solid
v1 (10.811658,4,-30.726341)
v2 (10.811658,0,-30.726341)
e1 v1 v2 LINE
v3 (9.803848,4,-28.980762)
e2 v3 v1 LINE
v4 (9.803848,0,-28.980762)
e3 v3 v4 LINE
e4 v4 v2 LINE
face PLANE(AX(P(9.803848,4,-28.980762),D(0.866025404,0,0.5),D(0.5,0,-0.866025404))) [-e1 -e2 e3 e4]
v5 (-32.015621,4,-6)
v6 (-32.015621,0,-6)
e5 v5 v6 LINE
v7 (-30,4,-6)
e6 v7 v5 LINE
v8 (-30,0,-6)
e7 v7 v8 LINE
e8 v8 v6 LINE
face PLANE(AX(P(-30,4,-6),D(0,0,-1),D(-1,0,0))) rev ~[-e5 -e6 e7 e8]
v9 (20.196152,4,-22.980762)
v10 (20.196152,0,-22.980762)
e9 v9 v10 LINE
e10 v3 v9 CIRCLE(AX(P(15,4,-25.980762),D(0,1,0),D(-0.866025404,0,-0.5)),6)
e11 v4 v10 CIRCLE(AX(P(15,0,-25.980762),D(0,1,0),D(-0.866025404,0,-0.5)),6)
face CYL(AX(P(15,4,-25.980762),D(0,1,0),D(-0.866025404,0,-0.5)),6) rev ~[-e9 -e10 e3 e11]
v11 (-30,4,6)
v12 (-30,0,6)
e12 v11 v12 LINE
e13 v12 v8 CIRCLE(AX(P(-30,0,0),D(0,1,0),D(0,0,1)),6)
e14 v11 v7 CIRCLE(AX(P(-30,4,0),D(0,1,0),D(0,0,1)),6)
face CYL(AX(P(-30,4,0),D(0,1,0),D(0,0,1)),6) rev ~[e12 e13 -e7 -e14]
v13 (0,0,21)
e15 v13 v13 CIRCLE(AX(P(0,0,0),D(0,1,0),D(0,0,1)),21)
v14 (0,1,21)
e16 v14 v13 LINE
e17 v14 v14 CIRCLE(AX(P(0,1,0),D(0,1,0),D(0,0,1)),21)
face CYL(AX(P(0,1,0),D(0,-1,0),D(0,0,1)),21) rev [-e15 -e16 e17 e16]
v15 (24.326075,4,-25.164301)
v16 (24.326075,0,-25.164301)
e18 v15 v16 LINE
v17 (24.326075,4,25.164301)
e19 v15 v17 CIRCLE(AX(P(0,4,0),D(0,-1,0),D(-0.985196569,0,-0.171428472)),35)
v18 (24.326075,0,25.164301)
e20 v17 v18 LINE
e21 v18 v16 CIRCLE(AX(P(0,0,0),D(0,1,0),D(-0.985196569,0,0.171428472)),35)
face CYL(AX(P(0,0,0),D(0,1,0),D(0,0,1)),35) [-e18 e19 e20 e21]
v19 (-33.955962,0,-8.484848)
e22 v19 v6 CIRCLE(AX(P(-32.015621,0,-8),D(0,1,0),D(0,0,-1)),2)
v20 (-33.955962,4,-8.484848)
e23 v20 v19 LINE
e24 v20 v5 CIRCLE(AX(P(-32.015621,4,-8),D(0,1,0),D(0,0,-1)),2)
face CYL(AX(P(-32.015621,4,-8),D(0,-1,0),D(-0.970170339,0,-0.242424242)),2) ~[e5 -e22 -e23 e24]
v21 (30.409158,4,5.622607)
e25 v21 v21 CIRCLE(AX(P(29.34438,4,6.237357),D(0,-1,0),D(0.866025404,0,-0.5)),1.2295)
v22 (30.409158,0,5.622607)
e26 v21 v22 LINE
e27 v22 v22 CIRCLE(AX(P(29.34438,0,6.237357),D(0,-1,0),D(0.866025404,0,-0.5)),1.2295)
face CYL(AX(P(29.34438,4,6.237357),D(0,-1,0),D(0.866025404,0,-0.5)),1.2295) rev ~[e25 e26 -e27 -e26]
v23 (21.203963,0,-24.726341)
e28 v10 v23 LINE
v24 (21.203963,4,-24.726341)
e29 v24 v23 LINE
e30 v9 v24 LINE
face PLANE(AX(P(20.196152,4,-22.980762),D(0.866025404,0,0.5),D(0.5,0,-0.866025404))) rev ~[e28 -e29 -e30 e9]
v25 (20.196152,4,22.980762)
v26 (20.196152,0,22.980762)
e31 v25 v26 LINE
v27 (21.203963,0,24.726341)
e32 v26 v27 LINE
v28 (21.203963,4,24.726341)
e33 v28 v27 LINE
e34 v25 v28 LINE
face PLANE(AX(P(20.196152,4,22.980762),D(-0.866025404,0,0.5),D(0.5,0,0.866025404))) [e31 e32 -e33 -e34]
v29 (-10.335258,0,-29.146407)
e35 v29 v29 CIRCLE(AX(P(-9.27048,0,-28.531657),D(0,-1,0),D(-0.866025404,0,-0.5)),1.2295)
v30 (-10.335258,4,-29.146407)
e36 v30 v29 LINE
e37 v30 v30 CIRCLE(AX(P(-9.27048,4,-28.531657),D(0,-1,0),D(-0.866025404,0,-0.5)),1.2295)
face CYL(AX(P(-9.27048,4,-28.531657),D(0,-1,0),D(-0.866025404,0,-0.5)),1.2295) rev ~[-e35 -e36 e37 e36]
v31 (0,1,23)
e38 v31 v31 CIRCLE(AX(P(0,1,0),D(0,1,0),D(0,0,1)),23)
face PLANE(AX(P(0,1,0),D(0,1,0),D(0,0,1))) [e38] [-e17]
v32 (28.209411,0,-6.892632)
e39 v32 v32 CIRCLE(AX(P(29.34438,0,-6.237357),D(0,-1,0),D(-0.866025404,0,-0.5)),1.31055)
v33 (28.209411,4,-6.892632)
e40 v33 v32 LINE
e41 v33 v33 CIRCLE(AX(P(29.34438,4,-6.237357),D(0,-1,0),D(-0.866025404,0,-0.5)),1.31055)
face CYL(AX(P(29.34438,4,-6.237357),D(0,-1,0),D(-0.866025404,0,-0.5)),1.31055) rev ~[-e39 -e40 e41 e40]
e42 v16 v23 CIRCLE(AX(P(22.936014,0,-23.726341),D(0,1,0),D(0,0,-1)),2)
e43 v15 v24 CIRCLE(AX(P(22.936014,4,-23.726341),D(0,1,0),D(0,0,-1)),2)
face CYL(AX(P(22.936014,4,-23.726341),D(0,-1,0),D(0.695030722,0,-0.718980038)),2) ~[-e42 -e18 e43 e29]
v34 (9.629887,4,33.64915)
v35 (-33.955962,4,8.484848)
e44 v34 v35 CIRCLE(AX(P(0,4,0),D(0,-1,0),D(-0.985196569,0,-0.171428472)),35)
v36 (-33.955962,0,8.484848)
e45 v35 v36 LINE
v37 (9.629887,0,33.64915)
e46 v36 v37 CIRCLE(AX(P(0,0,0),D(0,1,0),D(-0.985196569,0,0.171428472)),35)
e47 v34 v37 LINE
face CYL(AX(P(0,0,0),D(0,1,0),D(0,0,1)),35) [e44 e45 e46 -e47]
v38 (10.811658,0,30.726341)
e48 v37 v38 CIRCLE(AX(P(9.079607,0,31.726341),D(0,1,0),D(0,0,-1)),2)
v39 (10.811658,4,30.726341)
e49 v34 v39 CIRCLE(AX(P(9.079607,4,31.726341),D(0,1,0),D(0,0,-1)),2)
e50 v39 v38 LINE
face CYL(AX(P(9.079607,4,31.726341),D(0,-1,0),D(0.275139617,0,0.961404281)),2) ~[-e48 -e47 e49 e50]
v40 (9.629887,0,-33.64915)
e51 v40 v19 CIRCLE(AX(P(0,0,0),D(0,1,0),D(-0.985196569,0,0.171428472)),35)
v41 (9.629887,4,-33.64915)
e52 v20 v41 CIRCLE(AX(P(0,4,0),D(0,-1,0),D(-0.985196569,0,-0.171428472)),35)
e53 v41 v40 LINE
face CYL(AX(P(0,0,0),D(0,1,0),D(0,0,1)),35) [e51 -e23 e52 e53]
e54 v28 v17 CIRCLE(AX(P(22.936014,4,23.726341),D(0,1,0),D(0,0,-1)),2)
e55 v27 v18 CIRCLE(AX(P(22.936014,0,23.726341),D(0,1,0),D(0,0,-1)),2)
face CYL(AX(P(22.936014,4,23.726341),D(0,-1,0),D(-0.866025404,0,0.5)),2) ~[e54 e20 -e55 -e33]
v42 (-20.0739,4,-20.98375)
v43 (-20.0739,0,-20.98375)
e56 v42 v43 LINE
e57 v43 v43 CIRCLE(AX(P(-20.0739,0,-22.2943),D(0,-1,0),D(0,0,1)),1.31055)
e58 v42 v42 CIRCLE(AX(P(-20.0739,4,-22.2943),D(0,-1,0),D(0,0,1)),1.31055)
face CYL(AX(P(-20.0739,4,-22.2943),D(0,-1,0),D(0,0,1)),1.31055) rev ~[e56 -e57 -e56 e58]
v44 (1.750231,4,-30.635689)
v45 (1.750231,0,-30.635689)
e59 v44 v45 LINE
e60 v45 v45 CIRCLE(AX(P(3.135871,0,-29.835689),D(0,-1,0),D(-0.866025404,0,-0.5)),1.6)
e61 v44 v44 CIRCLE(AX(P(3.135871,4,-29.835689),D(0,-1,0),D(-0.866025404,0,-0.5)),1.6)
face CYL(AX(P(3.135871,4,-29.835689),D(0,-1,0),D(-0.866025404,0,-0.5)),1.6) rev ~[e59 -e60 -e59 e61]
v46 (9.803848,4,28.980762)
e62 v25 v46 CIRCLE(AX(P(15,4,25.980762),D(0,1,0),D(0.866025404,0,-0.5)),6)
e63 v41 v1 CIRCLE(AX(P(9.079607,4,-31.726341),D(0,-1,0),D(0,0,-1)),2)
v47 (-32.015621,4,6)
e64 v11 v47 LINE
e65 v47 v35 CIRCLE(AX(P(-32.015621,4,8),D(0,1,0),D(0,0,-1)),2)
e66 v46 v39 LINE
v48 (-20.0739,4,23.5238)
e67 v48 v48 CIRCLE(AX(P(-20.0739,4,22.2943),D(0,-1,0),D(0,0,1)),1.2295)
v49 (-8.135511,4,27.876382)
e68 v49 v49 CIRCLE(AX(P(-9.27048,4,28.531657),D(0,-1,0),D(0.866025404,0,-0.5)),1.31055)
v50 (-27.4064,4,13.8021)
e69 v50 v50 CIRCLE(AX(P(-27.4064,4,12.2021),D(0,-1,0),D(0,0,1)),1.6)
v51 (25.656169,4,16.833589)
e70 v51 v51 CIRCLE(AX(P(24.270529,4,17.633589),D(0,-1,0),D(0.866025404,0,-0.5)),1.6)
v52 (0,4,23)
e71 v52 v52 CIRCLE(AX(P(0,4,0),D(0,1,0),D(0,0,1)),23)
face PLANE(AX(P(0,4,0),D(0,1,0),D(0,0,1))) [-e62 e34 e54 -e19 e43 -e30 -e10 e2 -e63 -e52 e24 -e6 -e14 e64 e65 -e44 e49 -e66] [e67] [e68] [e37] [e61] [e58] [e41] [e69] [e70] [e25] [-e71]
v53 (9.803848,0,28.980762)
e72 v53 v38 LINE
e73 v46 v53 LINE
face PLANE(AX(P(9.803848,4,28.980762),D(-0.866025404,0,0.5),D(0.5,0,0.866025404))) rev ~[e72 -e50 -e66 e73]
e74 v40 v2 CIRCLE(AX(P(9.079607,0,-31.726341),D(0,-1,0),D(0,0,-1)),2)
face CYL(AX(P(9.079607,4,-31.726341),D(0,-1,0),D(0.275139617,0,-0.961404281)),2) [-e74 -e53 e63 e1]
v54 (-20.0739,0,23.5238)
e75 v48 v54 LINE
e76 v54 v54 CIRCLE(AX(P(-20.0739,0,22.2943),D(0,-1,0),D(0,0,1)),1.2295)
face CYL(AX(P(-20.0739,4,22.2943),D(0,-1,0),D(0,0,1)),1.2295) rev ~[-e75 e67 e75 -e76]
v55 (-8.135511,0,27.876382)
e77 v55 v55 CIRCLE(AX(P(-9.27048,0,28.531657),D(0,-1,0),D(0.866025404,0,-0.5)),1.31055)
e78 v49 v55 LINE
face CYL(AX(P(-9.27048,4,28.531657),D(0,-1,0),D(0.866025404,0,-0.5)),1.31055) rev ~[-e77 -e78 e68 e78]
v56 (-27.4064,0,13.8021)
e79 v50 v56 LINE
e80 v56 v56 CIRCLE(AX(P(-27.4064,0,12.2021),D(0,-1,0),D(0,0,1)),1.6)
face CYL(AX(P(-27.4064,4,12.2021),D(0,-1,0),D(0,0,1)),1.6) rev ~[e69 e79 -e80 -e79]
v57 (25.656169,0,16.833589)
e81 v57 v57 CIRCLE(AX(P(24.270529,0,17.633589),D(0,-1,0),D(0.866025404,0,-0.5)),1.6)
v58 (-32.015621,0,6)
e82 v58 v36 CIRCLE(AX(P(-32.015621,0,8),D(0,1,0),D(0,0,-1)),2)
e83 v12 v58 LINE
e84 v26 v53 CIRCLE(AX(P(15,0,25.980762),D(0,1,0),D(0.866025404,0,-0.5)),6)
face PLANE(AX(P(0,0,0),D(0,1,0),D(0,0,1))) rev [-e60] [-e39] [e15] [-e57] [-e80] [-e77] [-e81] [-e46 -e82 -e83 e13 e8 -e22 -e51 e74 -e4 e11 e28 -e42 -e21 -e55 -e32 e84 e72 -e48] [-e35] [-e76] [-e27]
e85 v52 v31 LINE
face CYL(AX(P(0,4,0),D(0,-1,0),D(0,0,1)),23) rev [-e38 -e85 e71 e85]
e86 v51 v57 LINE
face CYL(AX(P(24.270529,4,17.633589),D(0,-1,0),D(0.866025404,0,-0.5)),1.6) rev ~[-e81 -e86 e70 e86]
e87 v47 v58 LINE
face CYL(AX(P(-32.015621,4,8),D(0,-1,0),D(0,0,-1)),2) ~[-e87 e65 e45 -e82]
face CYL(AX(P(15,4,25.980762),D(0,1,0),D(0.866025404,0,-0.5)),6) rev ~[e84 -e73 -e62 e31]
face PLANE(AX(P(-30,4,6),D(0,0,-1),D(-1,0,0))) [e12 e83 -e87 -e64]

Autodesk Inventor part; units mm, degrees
ref_plane "YZ Plane" through (0, 0, 0) normal (1, 0, 0) x (0, 1, 0)
ref_plane "XZ Plane" through (0, 0, 0) normal (0, 1, 0) x (-1, 0, 0)
ref_plane "XY Plane" through (0, 0, 0) normal (0, 0, 1) x (1, 0, 0)
sketch "Sketch1" plane through (0, 0, 0) normal (1, 0, 0) x (0, 1, 0)
  line L0 (0, 35) -> (4, 35)
  line L1 (4, 35) -> (4, 23)
  line L2 (1, 21) -> (0, 21)
  line L3 (0, 21) -> (0, 35)
  line L4 (-0.8, 0) -> (4.8, 0) projected
  line L5 (1, 23) -> (1, 21)
  line L6 (4, 23) -> (1, 23)
  point P0 (0, 0)
  dimension "d0" = 21
  dimension "d2" = 35
  dimension "d51" = 4
  dimension "d52" = 3
  dimension "d53" = 23
revolve "Revolution1" add sketch "Sketch1" angle 360 about axis through (0, -10, 0) along (0, 1, 0)
sketch "Sketch2" plane through (0, 4, 0) normal (0, 1, 0) x (1, 0, 0)
  arc A0 (-30, -6) -> (-30, 6) centre (-30, 0) ccw
  line L0 (-30, -6) -> (-34.4819, -6)
  circle A1 centre (0, 0) radius 35 projected
  line L1 (-30, 6) -> (-34.4819, 6)
  arc A2 (-34.4819, 6) -> (-34.4819, -6) centre (0, 0) ccw
  dimension "d6" = 12
  dimension "d7" = 30
extrude "Extrusion1" cut sketch "Sketch2" against normal blind 4 contours L0 A1 L1 A0 picked at (-31.3095, 0.2411)
pattern_circular "Circular Pattern1" count 3 over 360 about axis through (0, 0.5, 0) along (0, 1, 0) of "Extrusion1"
sketch "Sketch3" plane through (-34.4819, 4, -6) normal (0, 1, 0) x (1, 0, 0)
  point P0 (34.4819, -6)
sketch "Sketch4" plane through (-34.4819, 4, -6) normal (0, 1, 0) x (1, 0, 0)
  circle A0 centre (34.4819, -6) radius 30 construction
  arc A1 (4.4819, -12) -> (4.4819, 0) centre (4.4819, -6) ccw projected
  point P0 (7.0755, -18.2021)
  dimension "d13" = 60
  dimension "d14" = 24
hole "Hole1" at (-27.4064, 4, 12.2021) direction (0, -1, 0) diameter 3.2 end through all
pattern_circular "Circular Pattern2" count 3 over 360 about axis through (0, 0.5, 0) along (0, 1, 0) of "Hole1"
sketch "Sketch5" plane through (-34.4819, 4, -6) normal (0, 1, 0) x (1, 0, 0)
  circle A0 centre (34.4819, -6) radius 30 construction
  arc A1 (4.4819, -12) -> (4.4819, 0) centre (4.4819, -6) ccw projected
  point P0 (14.408, 16.2943)
  dimension "d25" = 60
  dimension "d26" = 48
hole "Hole2" at (-20.0739, 4, -22.2943) direction (0, -1, 0) diameter 2.6211 end through all thread size "M3x0.35" class "6H" standard "ANSI Metric M Profile"
pattern_circular "Circular Pattern3" count 3 over 360 about axis through (0, 0.5, 0) along (0, 1, 0) of "Hole2"
sketch "Sketch6" plane through (-34.4819, 4, -6) normal (0, 1, 0) x (1, 0, 0)
  circle A0 centre (7.0755, -18.2021) radius 1.6 projected
  line L0 (34.4819, -6) -> (7.0755, -18.2021) construction
  circle A1 centre (34.4819, -6) radius 21 projected
  circle A2 centre (25.2114, -34.5317) radius 1.3106 projected
  line L1 (34.4819, -6) -> (25.2114, -34.5317) construction
  circle A3 centre (34.4819, -6) radius 30 construction
  point P0 (14.408, -28.2943)
  dimension "d37" = 60
  dimension "d38" = 48
  dimension "d39" = 24
hole "Hole3" at (-20.0739, 4, 22.2943) direction (0, -1, 0) diameter 2.459 end through all thread size "M3x0.5" class "6H" standard "ANSI Metric M Profile"
pattern_circular "Circular Pattern4" count 3 over 360 about axis through (0, 0.5, 0) along (0, 1, 0) of "Hole3"
fillet "Fillet1" radius 2 6 edges at (12.0448, 2, 32.8622) (22.4371, 2, 26.8622) (22.4371, 2, -26.8622) (12.0448, 2, -32.8622) (-34.4819, 2, -6) (-34.4819, 2, 6)
equation "\"d39\" = 0.5 * d38"
properties part number "MiddleRing-2023-1" material "Copper"
